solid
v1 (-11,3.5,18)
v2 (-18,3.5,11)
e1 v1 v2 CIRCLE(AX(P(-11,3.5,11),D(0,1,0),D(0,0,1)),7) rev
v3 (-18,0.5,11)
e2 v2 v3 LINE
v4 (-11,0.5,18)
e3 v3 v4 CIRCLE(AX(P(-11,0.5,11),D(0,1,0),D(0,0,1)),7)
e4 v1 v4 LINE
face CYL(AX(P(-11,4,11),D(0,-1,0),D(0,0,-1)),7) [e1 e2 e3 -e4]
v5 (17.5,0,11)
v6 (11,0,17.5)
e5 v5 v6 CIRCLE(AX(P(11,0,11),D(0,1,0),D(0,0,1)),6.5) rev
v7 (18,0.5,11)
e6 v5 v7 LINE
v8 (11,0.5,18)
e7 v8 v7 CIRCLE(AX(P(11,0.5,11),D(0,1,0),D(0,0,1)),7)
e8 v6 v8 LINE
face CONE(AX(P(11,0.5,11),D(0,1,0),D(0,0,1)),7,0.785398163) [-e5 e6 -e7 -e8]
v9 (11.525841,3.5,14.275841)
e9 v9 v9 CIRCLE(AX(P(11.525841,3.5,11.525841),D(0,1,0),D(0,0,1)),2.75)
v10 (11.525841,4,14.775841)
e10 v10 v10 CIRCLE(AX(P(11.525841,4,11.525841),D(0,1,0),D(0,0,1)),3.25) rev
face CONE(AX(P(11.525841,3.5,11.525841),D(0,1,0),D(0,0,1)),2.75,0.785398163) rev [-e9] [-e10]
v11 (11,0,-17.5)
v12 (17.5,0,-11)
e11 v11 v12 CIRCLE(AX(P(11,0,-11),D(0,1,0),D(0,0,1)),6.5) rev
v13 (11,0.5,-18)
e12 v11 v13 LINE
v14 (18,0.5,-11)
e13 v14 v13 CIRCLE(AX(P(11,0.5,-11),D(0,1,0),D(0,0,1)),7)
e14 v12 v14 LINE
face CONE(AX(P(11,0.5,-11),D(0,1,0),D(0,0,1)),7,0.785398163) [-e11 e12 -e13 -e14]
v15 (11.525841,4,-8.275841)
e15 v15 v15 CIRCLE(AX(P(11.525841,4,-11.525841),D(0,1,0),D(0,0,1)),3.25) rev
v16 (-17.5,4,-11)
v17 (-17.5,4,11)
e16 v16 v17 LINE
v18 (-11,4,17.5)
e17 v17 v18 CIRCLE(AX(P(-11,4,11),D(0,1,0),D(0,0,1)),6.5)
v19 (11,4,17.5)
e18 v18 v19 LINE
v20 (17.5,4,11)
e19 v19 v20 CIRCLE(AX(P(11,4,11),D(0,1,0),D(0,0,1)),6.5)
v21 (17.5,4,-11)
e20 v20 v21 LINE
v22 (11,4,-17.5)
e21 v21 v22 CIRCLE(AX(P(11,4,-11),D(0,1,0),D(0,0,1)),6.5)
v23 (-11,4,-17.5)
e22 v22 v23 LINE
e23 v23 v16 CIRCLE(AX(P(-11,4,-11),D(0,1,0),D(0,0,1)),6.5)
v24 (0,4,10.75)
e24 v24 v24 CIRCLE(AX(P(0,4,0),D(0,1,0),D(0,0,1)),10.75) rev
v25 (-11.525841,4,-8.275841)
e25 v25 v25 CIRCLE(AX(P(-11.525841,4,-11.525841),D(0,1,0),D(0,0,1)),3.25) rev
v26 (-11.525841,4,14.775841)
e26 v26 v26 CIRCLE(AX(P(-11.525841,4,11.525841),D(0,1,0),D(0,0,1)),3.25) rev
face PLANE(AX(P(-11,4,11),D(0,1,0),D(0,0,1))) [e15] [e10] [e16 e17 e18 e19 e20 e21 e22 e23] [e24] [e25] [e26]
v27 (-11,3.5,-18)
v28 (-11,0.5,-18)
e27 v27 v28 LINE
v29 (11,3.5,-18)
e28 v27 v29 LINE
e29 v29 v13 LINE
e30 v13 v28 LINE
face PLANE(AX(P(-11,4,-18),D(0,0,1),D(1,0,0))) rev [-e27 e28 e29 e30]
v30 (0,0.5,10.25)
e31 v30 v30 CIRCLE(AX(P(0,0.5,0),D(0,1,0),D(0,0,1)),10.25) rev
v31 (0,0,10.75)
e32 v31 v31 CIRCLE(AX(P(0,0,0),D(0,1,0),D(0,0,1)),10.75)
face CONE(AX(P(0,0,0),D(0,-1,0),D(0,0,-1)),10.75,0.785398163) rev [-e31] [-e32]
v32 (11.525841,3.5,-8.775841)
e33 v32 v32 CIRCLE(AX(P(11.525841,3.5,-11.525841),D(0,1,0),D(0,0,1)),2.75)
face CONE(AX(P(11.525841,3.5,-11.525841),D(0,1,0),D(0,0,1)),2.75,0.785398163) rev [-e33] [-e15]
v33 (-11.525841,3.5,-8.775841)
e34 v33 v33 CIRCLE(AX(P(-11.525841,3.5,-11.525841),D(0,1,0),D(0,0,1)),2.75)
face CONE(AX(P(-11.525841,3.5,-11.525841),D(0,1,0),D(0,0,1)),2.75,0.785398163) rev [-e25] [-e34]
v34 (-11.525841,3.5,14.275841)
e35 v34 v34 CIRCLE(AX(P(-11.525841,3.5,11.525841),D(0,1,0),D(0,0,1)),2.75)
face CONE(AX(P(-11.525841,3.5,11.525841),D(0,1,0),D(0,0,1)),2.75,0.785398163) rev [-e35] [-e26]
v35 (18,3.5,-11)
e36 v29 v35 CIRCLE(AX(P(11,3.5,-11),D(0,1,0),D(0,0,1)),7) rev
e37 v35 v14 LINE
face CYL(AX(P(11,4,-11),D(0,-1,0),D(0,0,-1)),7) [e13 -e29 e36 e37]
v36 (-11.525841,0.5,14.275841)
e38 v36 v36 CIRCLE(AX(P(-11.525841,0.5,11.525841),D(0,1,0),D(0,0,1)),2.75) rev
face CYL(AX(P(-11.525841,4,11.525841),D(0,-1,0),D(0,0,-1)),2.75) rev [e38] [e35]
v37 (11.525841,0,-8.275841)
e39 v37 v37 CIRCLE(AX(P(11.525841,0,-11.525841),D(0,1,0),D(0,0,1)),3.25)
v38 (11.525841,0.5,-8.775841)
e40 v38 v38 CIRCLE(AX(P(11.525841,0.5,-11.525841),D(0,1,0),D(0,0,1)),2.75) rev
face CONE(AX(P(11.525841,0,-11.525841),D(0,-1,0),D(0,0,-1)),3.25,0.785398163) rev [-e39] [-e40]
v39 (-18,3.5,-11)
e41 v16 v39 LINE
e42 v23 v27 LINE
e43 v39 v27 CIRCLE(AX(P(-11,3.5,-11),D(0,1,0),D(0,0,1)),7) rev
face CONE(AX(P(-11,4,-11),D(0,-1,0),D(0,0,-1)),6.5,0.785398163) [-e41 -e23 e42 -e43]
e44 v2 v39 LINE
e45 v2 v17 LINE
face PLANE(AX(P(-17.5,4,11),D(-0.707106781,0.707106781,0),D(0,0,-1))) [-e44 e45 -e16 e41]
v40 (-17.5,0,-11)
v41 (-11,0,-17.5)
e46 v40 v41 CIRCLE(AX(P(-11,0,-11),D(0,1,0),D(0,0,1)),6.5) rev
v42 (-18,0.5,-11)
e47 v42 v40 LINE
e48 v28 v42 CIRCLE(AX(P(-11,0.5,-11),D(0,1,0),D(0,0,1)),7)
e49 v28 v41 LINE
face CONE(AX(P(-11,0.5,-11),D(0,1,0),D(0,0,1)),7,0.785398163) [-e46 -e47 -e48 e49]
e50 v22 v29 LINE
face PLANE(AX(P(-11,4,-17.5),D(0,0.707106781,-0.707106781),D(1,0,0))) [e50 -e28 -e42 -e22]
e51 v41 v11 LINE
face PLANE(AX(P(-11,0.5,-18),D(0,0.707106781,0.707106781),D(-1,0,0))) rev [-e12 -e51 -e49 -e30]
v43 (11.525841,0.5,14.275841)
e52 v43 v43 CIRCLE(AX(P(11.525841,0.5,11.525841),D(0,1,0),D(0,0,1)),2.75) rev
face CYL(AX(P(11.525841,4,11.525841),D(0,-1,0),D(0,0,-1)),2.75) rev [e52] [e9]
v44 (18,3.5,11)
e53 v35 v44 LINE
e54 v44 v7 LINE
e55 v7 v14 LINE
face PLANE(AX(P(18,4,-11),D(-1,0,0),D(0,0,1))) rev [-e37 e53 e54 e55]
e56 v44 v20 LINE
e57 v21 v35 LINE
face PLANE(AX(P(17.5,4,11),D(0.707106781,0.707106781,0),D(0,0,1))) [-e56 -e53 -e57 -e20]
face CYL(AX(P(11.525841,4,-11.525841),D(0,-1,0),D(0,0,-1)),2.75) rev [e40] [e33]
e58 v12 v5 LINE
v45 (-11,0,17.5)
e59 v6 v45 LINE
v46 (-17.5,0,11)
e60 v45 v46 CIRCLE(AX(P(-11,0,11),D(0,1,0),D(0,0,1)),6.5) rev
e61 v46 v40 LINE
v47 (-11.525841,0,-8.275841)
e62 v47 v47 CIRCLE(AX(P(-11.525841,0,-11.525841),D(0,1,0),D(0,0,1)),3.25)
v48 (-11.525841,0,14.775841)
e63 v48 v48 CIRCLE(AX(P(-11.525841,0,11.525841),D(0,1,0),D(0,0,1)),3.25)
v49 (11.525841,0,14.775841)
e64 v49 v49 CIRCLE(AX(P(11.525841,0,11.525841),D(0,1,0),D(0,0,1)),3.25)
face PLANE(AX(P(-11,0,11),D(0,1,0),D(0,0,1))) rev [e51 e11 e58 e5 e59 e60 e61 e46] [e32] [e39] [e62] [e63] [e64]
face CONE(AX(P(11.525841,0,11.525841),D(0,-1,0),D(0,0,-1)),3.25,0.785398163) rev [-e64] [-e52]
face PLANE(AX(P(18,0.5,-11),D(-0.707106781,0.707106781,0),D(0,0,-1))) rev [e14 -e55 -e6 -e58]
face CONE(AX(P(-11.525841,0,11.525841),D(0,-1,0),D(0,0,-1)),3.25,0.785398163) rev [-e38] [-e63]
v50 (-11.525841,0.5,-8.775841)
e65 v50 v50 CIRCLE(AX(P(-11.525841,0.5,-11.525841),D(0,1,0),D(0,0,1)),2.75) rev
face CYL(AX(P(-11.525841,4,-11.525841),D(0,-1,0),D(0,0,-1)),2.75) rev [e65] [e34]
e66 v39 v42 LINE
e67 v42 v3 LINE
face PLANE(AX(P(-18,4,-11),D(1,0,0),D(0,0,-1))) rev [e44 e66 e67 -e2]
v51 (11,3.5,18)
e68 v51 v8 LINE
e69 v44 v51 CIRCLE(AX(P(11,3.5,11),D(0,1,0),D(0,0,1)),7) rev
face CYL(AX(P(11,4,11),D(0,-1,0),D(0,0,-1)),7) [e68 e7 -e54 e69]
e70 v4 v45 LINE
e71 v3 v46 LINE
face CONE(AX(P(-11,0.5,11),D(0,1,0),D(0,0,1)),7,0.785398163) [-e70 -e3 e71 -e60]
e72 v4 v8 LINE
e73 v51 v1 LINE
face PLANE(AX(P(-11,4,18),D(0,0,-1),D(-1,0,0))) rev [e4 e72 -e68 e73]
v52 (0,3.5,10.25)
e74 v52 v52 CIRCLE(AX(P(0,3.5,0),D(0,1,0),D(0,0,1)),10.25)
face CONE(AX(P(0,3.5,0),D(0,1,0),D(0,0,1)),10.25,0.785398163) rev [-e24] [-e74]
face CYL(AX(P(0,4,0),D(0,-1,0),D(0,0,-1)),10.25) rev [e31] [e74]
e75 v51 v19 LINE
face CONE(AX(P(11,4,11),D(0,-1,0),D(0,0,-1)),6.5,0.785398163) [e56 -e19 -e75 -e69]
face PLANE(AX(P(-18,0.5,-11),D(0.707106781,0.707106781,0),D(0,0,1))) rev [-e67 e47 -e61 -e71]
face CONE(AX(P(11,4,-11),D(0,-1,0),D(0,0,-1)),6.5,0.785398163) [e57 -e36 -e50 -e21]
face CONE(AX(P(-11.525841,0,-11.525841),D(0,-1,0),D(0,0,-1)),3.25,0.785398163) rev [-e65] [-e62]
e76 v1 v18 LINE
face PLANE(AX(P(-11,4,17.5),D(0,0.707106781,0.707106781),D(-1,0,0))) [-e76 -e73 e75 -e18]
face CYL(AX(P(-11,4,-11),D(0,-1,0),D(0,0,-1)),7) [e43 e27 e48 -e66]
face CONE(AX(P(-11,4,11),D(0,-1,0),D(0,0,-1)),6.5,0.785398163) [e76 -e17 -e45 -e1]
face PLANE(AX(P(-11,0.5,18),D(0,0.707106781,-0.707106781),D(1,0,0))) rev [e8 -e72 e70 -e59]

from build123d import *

# Parameters (mm, degrees)
SKETCH1_R           = 10.25
SKETCH1_R_2         = 2.75
BOSS_EXTRUDE1_DEPTH = 4
CHAMFER1_SIZE       = 0.5


with BuildPart() as part:
    # Sketch1 → Boss-Extrude1 (new body)
    with BuildSketch(Plane(origin=(0, 0, 0), x_dir=(1, 0, 0), z_dir=(0, 1, 0))):
        with BuildLine():
            Line((-11, 18), (11, 18))
            ThreePointArc((11, 18), (15.949747468, 15.949747468), (18, 11))
            Line((18, 11), (18, -11))
            ThreePointArc((18, -11), (15.949747468, -15.949747468), (11, -18))
            Line((11, -18), (-11, -18))
            ThreePointArc((-11, -18), (-15.949747468, -15.949747468), (-18, -11))
            Line((-18, -11), (-18, 11))
            ThreePointArc((-18, 11), (-15.949747468, 15.949747468), (-11, 18))
        make_face()
        Circle(SKETCH1_R, mode=Mode.SUBTRACT)
        with Locations((-11.525840533, 11.525840533)):
            Circle(SKETCH1_R_2, mode=Mode.SUBTRACT)
        with Locations((11.525840533, 11.525840533)):
            Circle(SKETCH1_R_2, mode=Mode.SUBTRACT)
        with Locations((11.525840533, -11.525840533)):
            Circle(SKETCH1_R_2, mode=Mode.SUBTRACT)
        with Locations((-11.525840533, -11.525840533)):
            Circle(SKETCH1_R_2, mode=Mode.SUBTRACT)
    extrude(amount=BOSS_EXTRUDE1_DEPTH)

    # Chamfer1
    chamfer1_edges = [part.edges().sort_by_distance(p)[0] for p in [
        (18, 0, 0),
        (15.949747468, 0, 15.949747468),
        (0, 0, 18),
        (-15.949747468, 0, 15.949747468),
        (15.949747468, 4, 15.949747468),
        (18, 4, 0),
        (15.949747468, 4, -15.949747468),
        (-10.25, 0, 0),
        (-10.25, 4, 0),
        (0, 4, -18),
        (-14.275840533, 0, -11.525840533),
        (-14.275840533, 4, -11.525840533),
        (-15.949747468, 4, -15.949747468),
        (8.775840533, 0, -11.525840533),
        (8.775840533, 4, -11.525840533),
        (-18, 4, 0),
        (8.775840533, 0, 11.525840533),
        (8.775840533, 4, 11.525840533),
        (-14.275840533, 0, 11.525840533),
        (-14.275840533, 4, 11.525840533),
        (-15.949747468, 4, 15.949747468),
        (-18, 0, 0),
        (0, 4, 18),
        (-15.949747468, 0, -15.949747468),
        (0, 0, -18),
        (15.949747468, 0, -15.949747468),
    ]]
    chamfer(chamfer1_edges, length=CHAMFER1_SIZE)


solid = part.part
